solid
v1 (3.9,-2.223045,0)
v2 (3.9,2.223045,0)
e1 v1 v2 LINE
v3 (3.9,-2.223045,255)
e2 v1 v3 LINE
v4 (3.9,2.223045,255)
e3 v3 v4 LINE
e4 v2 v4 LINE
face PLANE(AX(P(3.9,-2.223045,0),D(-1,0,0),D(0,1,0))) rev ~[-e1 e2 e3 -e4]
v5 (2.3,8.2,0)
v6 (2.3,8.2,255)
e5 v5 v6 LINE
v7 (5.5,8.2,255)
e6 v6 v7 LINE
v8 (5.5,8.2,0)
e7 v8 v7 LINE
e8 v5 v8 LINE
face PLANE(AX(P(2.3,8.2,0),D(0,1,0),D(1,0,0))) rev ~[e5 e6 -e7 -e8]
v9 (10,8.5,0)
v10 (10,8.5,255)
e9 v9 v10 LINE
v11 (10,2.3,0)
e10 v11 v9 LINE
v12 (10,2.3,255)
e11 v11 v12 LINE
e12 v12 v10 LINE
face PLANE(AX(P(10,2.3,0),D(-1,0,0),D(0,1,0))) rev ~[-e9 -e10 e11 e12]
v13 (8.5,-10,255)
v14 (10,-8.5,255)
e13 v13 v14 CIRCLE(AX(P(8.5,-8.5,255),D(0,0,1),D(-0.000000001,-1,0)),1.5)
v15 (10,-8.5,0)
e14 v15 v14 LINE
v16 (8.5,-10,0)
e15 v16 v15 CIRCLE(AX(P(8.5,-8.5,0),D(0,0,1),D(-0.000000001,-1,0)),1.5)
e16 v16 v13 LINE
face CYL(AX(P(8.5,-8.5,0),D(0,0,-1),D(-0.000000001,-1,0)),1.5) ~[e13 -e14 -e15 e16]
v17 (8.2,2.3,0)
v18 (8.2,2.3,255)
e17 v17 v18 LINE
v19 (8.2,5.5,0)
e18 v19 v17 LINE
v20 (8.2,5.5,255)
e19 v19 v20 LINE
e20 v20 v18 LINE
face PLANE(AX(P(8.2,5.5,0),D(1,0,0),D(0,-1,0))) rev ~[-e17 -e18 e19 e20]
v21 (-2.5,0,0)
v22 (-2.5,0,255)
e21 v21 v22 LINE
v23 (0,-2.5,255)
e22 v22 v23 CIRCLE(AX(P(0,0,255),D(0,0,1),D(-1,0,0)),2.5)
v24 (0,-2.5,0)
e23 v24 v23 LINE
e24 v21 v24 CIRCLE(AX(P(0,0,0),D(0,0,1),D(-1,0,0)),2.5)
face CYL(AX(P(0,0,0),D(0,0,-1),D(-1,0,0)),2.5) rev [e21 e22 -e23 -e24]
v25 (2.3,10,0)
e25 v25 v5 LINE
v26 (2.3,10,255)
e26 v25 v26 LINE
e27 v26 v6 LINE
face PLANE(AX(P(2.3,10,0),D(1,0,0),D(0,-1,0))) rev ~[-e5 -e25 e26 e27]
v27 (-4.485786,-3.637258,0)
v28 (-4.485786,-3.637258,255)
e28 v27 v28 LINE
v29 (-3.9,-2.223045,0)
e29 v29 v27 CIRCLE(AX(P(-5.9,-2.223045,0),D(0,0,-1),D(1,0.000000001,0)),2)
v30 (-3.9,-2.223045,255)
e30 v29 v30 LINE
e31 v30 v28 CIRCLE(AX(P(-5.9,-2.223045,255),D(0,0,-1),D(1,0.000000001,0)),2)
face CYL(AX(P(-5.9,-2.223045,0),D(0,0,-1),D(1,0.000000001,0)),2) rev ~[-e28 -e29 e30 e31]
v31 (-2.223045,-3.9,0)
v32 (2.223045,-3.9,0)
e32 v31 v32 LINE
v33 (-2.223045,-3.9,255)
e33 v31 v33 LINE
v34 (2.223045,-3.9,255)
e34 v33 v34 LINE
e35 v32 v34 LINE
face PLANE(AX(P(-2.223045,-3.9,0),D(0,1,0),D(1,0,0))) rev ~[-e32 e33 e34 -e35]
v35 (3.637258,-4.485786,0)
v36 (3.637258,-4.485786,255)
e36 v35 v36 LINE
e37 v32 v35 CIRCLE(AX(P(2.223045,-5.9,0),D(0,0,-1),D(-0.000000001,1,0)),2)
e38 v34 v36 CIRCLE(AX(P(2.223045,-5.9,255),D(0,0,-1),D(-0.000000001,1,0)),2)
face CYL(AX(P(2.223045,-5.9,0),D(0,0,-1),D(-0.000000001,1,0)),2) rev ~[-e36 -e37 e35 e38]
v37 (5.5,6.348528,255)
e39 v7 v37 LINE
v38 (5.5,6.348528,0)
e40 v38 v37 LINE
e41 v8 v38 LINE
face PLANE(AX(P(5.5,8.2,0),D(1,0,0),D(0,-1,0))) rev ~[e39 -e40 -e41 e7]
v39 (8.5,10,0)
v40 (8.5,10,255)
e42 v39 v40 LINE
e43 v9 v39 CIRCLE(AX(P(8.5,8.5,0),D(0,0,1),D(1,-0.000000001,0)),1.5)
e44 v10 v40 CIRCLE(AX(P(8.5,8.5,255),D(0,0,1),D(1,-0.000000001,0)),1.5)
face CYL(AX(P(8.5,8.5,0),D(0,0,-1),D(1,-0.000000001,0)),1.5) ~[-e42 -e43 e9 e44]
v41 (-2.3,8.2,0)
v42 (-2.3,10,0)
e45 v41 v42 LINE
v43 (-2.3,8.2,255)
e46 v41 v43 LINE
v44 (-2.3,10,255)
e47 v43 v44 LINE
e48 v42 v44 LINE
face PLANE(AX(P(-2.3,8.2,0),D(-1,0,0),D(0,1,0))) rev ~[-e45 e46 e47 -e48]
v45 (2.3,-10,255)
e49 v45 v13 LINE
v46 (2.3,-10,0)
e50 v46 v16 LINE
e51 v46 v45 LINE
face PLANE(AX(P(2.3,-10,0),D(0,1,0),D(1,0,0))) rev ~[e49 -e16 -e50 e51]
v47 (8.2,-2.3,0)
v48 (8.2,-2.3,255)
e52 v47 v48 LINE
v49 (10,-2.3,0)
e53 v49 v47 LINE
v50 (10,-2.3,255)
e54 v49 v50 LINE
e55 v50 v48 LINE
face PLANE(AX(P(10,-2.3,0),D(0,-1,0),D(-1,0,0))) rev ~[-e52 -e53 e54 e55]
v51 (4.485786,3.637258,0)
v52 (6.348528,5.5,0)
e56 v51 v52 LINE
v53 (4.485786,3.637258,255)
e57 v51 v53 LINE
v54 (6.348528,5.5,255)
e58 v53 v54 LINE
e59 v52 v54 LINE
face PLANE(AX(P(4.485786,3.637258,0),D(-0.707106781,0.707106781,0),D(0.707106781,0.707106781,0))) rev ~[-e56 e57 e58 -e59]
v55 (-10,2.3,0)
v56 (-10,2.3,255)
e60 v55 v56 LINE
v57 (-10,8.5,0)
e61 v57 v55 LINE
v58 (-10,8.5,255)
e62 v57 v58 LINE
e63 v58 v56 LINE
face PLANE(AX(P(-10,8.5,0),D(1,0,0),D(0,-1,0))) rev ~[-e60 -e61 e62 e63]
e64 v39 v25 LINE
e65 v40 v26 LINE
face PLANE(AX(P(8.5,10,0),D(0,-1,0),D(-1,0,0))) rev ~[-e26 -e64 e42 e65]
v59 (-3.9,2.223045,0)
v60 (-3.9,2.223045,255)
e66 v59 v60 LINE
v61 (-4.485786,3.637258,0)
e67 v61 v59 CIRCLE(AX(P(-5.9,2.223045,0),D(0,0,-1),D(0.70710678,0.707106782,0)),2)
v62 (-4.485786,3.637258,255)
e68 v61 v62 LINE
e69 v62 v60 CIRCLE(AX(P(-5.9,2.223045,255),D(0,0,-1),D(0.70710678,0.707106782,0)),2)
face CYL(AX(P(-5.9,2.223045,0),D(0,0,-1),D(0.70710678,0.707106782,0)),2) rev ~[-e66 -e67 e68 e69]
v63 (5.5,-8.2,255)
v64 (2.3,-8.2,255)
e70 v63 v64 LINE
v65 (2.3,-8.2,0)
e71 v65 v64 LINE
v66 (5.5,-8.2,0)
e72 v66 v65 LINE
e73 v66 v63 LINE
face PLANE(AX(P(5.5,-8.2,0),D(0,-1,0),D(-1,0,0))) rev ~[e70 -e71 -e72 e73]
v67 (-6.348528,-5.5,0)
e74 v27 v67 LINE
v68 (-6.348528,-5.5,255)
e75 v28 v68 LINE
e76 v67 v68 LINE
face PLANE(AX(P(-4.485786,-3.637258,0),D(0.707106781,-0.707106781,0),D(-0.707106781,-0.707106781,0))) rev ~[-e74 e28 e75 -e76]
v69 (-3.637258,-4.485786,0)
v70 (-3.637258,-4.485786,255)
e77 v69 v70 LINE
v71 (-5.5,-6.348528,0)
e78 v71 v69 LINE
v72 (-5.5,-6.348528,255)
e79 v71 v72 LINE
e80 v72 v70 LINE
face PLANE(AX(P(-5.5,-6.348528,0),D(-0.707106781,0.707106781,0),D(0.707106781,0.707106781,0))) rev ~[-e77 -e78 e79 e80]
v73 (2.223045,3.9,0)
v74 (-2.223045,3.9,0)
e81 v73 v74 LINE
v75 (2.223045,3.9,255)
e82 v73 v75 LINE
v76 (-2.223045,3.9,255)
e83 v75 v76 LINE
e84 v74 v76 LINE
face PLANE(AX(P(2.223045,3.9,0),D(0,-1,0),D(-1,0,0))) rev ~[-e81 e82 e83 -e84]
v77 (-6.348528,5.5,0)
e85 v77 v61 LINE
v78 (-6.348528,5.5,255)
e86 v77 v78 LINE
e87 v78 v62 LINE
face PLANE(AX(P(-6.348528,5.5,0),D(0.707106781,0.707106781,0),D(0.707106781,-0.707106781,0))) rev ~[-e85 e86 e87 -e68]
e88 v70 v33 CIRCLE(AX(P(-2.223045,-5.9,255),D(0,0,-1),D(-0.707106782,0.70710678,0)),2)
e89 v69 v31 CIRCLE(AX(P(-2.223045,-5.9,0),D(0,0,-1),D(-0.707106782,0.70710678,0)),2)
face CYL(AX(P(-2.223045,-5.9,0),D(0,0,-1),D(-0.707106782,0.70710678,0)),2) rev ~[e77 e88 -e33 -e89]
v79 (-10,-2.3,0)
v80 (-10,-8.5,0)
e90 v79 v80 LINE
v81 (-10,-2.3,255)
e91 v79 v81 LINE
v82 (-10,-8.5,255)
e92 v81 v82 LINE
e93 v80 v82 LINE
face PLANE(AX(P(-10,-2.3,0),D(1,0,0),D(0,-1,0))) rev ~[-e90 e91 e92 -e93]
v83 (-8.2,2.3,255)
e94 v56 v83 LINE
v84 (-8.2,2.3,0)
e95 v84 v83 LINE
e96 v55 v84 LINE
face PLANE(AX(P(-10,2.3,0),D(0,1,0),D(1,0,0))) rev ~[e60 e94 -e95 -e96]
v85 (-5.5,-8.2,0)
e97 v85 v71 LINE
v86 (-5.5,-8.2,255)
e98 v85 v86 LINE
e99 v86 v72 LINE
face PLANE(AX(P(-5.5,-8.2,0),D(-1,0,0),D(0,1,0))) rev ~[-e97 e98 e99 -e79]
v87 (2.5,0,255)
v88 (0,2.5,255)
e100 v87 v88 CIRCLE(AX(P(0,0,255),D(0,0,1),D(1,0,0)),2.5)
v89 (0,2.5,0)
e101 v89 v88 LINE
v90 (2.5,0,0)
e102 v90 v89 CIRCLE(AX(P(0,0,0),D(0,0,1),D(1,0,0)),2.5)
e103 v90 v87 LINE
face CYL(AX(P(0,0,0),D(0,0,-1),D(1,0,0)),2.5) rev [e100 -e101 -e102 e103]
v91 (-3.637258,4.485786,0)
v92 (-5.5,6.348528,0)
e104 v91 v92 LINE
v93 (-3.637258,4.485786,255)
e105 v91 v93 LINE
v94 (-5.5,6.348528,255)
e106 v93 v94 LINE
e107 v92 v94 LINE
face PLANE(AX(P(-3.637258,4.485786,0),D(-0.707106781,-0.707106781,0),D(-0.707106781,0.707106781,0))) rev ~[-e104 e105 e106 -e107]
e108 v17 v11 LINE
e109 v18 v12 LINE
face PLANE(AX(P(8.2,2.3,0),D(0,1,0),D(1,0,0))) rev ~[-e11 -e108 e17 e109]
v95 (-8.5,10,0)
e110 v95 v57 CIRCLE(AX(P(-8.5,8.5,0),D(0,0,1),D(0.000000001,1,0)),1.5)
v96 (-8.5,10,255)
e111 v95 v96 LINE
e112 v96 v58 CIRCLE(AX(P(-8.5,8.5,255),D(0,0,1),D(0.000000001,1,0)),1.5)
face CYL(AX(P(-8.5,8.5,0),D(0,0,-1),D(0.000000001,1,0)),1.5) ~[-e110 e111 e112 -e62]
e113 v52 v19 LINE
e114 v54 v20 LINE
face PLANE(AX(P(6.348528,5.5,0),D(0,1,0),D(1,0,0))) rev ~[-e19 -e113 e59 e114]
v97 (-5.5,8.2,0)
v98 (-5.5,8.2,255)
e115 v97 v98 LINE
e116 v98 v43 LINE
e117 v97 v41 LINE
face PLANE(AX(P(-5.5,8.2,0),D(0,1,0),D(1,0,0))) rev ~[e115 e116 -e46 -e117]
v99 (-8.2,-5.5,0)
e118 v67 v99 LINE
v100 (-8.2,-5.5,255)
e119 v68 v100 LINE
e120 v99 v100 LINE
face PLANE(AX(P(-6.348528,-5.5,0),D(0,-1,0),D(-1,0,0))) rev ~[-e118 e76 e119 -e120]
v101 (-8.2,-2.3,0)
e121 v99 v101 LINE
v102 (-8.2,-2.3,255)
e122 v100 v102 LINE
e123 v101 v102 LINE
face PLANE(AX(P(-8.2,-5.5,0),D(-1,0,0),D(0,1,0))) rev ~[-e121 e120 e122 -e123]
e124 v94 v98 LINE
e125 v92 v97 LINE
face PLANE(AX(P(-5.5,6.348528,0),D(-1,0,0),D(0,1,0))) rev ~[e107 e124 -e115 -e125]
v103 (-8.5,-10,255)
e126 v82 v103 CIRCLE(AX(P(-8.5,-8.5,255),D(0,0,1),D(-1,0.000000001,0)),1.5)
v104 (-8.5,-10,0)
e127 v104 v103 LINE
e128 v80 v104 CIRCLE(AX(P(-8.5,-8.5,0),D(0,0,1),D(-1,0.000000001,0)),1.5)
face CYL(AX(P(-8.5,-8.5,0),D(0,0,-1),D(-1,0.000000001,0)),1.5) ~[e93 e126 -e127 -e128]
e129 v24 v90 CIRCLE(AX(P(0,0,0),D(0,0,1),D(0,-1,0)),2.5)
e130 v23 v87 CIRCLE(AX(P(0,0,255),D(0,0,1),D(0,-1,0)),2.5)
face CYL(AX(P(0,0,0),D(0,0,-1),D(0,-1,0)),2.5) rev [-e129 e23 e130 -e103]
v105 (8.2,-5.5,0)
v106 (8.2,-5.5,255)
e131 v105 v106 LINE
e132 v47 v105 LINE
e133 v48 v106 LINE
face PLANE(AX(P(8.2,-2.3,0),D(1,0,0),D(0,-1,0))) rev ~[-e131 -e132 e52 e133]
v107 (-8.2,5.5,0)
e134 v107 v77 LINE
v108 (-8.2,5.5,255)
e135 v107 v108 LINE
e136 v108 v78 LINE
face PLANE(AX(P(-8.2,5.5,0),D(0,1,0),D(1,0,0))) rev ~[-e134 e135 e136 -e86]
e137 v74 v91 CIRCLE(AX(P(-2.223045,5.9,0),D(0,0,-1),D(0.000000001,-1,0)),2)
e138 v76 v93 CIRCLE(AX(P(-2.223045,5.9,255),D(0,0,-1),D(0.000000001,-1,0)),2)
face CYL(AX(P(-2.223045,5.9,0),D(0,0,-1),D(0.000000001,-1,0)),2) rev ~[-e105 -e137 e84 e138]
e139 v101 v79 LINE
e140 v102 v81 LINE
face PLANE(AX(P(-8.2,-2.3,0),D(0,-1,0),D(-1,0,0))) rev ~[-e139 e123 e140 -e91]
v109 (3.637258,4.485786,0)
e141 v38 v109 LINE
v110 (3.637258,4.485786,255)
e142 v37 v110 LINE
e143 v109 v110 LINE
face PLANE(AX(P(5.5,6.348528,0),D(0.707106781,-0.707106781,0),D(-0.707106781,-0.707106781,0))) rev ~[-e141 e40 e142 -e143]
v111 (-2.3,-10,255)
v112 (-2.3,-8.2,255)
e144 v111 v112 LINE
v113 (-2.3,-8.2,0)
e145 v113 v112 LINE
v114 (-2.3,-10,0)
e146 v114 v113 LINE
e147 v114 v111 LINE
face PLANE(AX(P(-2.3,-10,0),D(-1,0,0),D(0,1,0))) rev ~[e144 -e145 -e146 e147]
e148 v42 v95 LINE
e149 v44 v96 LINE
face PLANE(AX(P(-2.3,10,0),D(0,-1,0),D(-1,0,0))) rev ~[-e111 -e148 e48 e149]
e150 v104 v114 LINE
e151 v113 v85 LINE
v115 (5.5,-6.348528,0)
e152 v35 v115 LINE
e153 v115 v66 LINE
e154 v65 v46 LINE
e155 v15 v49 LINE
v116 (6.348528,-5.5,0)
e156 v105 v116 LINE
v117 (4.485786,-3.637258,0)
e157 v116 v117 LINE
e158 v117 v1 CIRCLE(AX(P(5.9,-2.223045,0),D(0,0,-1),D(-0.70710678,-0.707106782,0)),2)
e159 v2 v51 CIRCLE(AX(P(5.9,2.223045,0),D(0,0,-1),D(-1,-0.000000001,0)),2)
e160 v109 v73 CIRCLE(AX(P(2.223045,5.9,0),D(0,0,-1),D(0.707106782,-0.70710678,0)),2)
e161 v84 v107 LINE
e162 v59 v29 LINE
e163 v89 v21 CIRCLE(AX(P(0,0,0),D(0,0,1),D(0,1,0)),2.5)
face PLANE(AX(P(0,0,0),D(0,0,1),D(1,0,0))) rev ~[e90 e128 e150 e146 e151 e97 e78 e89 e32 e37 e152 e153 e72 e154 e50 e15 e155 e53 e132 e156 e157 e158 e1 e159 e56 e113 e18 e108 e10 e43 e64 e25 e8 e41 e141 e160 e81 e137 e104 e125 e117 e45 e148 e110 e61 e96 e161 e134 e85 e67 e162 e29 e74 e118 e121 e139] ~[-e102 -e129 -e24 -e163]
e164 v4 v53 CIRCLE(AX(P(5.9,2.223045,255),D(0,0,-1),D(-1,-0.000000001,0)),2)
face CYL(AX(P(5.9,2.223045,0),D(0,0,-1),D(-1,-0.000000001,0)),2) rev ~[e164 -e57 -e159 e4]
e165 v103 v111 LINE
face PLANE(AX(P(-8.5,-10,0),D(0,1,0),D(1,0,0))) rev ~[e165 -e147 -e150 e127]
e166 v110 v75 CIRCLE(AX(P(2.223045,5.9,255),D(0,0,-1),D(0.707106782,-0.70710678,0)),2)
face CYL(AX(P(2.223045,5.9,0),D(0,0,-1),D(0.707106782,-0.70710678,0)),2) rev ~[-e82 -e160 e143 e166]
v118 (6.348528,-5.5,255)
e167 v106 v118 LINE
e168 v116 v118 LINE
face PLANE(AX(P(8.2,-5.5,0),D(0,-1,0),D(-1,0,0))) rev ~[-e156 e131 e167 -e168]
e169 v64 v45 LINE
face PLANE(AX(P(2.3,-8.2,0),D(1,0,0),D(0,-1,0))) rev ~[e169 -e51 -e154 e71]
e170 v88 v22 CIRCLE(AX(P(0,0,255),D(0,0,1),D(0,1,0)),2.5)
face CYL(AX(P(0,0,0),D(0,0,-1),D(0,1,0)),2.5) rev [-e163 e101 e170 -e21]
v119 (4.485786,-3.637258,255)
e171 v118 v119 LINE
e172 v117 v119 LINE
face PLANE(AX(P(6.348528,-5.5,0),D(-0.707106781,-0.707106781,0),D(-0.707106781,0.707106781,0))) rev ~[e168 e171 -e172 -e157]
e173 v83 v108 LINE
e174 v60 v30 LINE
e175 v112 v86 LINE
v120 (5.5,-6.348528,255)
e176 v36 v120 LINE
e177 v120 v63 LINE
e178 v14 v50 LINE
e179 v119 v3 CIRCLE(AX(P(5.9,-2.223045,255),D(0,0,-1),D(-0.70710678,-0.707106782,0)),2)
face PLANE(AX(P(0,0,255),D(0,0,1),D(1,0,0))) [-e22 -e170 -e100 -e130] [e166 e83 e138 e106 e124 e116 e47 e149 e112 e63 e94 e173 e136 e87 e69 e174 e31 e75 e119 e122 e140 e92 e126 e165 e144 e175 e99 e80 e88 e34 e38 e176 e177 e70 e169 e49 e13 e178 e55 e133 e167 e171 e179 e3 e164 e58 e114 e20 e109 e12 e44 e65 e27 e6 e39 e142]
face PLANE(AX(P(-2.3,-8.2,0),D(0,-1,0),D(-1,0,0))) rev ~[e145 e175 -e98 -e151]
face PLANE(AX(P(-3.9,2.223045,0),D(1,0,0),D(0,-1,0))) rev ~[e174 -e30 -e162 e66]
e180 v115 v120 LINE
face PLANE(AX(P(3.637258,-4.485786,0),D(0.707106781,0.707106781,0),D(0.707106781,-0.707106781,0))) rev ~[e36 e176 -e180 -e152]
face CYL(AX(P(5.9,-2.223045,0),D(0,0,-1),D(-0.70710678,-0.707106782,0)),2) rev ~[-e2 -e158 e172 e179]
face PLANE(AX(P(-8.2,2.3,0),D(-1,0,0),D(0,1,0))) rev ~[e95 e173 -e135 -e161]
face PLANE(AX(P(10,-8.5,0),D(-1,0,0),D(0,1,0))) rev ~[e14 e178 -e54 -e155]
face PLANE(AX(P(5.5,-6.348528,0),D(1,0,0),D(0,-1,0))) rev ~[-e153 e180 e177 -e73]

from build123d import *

# Parameters (mm, degrees)
SALIENTE_EXTRUIR1_DEPTH = 255


with BuildPart() as part:
    # Croquis1 → Saliente-Extruir1 (new body)
    with BuildSketch(Plane.XY):
        with BuildLine():
            Line((-10, 8.5), (-10, 2.3))
            Line((-10, 2.3), (-8.2, 2.3))
            Line((-8.2, 2.3), (-8.2, 5.5))
            Line((-8.2, 5.5), (-6.348528137, 5.5))
            Line((-6.348528137, 5.5), (-4.485786438, 3.6372583))
            ThreePointArc((-4.485786438, 3.6372583), (-4.052240935, 2.988411603), (-3.9, 2.223044738))
            Line((-3.9, 2.223044738), (-3.9, 0))
            Line((-3.9, 0), (-3.9, -2.223044738))
            ThreePointArc((-3.9, -2.223044738), (-4.052240935, -2.988411603), (-4.485786438, -3.6372583))
            Line((-4.485786438, -3.6372583), (-6.348528137, -5.5))
            Line((-6.348528137, -5.5), (-8.2, -5.5))
            Line((-8.2, -5.5), (-8.2, -2.3))
            Line((-8.2, -2.3), (-10, -2.3))
            Line((-10, -2.3), (-10, -8.5))
            ThreePointArc((-10, -8.5), (-9.560660172, -9.560660172), (-8.5, -10))
            Line((-8.5, -10), (-2.3, -10))
            Line((-2.3, -10), (-2.3, -8.2))
            Line((-2.3, -8.2), (-5.5, -8.2))
            Line((-5.5, -8.2), (-5.5, -6.348528137))
            Line((-5.5, -6.348528137), (-3.6372583, -4.485786438))
            ThreePointArc((-3.6372583, -4.485786438), (-2.988411603, -4.052240935), (-2.223044738, -3.9))
            Line((-2.223044738, -3.9), (0, -3.9))
            Line((0, -3.9), (2.223044738, -3.9))
            ThreePointArc((2.223044738, -3.9), (2.988411603, -4.052240935), (3.6372583, -4.485786438))
            Line((3.6372583, -4.485786438), (5.5, -6.348528137))
            Line((5.5, -6.348528137), (5.5, -8.2))
            Line((5.5, -8.2), (2.3, -8.2))
            Line((2.3, -8.2), (2.3, -10))
            Line((2.3, -10), (8.5, -10))
            ThreePointArc((8.5, -10), (9.560660172, -9.560660172), (10, -8.5))
            Line((10, -8.5), (10, -2.3))
            Line((10, -2.3), (8.2, -2.3))
            Line((8.2, -2.3), (8.2, -5.5))
            Line((8.2, -5.5), (6.348528137, -5.5))
            Line((6.348528137, -5.5), (4.485786438, -3.6372583))
            ThreePointArc((4.485786438, -3.6372583), (4.052240935, -2.988411603), (3.9, -2.223044738))
            Line((3.9, -2.223044738), (3.9, 0))
            Line((3.9, 0), (3.9, 2.223044738))
            ThreePointArc((3.9, 2.223044738), (4.052240935, 2.988411603), (4.485786438, 3.6372583))
            Line((4.485786438, 3.6372583), (6.348528137, 5.5))
            Line((6.348528137, 5.5), (8.2, 5.5))
            Line((8.2, 5.5), (8.2, 2.3))
            Line((8.2, 2.3), (10, 2.3))
            Line((10, 2.3), (10, 8.5))
            ThreePointArc((10, 8.5), (9.560660172, 9.560660172), (8.5, 10))
            Line((8.5, 10), (2.3, 10))
            Line((2.3, 10), (2.3, 8.2))
            Line((2.3, 8.2), (5.5, 8.2))
            Line((5.5, 8.2), (5.5, 6.348528137))
            Line((5.5, 6.348528137), (3.6372583, 4.485786438))
            ThreePointArc((3.6372583, 4.485786438), (2.988411603, 4.052240935), (2.223044738, 3.9))
            Line((2.223044738, 3.9), (0, 3.9))
            Line((0, 3.9), (-2.223044738, 3.9))
            ThreePointArc((-2.223044738, 3.9), (-2.988411603, 4.052240935), (-3.6372583, 4.485786438))
            Line((-3.6372583, 4.485786438), (-5.5, 6.348528137))
            Line((-5.5, 6.348528137), (-5.5, 8.2))
            Line((-5.5, 8.2), (-2.3, 8.2))
            Line((-2.3, 8.2), (-2.3, 10))
            Line((-2.3, 10), (-8.5, 10))
            ThreePointArc((-8.5, 10), (-9.560660172, 9.560660172), (-10, 8.5))
        make_face()
        with BuildLine():
            ThreePointArc((0, 2.5), (-1.767766953, 1.767766953), (-2.5, 0))
            ThreePointArc((-2.5, 0), (-1.767766953, -1.767766953), (0, -2.5))
            ThreePointArc((0, -2.5), (1.767766953, -1.767766953), (2.5, 0))
            ThreePointArc((2.5, 0), (1.767766953, 1.767766953), (0, 2.5))
        make_face(mode=Mode.SUBTRACT)
    extrude(amount=SALIENTE_EXTRUIR1_DEPTH)


solid = part.part
